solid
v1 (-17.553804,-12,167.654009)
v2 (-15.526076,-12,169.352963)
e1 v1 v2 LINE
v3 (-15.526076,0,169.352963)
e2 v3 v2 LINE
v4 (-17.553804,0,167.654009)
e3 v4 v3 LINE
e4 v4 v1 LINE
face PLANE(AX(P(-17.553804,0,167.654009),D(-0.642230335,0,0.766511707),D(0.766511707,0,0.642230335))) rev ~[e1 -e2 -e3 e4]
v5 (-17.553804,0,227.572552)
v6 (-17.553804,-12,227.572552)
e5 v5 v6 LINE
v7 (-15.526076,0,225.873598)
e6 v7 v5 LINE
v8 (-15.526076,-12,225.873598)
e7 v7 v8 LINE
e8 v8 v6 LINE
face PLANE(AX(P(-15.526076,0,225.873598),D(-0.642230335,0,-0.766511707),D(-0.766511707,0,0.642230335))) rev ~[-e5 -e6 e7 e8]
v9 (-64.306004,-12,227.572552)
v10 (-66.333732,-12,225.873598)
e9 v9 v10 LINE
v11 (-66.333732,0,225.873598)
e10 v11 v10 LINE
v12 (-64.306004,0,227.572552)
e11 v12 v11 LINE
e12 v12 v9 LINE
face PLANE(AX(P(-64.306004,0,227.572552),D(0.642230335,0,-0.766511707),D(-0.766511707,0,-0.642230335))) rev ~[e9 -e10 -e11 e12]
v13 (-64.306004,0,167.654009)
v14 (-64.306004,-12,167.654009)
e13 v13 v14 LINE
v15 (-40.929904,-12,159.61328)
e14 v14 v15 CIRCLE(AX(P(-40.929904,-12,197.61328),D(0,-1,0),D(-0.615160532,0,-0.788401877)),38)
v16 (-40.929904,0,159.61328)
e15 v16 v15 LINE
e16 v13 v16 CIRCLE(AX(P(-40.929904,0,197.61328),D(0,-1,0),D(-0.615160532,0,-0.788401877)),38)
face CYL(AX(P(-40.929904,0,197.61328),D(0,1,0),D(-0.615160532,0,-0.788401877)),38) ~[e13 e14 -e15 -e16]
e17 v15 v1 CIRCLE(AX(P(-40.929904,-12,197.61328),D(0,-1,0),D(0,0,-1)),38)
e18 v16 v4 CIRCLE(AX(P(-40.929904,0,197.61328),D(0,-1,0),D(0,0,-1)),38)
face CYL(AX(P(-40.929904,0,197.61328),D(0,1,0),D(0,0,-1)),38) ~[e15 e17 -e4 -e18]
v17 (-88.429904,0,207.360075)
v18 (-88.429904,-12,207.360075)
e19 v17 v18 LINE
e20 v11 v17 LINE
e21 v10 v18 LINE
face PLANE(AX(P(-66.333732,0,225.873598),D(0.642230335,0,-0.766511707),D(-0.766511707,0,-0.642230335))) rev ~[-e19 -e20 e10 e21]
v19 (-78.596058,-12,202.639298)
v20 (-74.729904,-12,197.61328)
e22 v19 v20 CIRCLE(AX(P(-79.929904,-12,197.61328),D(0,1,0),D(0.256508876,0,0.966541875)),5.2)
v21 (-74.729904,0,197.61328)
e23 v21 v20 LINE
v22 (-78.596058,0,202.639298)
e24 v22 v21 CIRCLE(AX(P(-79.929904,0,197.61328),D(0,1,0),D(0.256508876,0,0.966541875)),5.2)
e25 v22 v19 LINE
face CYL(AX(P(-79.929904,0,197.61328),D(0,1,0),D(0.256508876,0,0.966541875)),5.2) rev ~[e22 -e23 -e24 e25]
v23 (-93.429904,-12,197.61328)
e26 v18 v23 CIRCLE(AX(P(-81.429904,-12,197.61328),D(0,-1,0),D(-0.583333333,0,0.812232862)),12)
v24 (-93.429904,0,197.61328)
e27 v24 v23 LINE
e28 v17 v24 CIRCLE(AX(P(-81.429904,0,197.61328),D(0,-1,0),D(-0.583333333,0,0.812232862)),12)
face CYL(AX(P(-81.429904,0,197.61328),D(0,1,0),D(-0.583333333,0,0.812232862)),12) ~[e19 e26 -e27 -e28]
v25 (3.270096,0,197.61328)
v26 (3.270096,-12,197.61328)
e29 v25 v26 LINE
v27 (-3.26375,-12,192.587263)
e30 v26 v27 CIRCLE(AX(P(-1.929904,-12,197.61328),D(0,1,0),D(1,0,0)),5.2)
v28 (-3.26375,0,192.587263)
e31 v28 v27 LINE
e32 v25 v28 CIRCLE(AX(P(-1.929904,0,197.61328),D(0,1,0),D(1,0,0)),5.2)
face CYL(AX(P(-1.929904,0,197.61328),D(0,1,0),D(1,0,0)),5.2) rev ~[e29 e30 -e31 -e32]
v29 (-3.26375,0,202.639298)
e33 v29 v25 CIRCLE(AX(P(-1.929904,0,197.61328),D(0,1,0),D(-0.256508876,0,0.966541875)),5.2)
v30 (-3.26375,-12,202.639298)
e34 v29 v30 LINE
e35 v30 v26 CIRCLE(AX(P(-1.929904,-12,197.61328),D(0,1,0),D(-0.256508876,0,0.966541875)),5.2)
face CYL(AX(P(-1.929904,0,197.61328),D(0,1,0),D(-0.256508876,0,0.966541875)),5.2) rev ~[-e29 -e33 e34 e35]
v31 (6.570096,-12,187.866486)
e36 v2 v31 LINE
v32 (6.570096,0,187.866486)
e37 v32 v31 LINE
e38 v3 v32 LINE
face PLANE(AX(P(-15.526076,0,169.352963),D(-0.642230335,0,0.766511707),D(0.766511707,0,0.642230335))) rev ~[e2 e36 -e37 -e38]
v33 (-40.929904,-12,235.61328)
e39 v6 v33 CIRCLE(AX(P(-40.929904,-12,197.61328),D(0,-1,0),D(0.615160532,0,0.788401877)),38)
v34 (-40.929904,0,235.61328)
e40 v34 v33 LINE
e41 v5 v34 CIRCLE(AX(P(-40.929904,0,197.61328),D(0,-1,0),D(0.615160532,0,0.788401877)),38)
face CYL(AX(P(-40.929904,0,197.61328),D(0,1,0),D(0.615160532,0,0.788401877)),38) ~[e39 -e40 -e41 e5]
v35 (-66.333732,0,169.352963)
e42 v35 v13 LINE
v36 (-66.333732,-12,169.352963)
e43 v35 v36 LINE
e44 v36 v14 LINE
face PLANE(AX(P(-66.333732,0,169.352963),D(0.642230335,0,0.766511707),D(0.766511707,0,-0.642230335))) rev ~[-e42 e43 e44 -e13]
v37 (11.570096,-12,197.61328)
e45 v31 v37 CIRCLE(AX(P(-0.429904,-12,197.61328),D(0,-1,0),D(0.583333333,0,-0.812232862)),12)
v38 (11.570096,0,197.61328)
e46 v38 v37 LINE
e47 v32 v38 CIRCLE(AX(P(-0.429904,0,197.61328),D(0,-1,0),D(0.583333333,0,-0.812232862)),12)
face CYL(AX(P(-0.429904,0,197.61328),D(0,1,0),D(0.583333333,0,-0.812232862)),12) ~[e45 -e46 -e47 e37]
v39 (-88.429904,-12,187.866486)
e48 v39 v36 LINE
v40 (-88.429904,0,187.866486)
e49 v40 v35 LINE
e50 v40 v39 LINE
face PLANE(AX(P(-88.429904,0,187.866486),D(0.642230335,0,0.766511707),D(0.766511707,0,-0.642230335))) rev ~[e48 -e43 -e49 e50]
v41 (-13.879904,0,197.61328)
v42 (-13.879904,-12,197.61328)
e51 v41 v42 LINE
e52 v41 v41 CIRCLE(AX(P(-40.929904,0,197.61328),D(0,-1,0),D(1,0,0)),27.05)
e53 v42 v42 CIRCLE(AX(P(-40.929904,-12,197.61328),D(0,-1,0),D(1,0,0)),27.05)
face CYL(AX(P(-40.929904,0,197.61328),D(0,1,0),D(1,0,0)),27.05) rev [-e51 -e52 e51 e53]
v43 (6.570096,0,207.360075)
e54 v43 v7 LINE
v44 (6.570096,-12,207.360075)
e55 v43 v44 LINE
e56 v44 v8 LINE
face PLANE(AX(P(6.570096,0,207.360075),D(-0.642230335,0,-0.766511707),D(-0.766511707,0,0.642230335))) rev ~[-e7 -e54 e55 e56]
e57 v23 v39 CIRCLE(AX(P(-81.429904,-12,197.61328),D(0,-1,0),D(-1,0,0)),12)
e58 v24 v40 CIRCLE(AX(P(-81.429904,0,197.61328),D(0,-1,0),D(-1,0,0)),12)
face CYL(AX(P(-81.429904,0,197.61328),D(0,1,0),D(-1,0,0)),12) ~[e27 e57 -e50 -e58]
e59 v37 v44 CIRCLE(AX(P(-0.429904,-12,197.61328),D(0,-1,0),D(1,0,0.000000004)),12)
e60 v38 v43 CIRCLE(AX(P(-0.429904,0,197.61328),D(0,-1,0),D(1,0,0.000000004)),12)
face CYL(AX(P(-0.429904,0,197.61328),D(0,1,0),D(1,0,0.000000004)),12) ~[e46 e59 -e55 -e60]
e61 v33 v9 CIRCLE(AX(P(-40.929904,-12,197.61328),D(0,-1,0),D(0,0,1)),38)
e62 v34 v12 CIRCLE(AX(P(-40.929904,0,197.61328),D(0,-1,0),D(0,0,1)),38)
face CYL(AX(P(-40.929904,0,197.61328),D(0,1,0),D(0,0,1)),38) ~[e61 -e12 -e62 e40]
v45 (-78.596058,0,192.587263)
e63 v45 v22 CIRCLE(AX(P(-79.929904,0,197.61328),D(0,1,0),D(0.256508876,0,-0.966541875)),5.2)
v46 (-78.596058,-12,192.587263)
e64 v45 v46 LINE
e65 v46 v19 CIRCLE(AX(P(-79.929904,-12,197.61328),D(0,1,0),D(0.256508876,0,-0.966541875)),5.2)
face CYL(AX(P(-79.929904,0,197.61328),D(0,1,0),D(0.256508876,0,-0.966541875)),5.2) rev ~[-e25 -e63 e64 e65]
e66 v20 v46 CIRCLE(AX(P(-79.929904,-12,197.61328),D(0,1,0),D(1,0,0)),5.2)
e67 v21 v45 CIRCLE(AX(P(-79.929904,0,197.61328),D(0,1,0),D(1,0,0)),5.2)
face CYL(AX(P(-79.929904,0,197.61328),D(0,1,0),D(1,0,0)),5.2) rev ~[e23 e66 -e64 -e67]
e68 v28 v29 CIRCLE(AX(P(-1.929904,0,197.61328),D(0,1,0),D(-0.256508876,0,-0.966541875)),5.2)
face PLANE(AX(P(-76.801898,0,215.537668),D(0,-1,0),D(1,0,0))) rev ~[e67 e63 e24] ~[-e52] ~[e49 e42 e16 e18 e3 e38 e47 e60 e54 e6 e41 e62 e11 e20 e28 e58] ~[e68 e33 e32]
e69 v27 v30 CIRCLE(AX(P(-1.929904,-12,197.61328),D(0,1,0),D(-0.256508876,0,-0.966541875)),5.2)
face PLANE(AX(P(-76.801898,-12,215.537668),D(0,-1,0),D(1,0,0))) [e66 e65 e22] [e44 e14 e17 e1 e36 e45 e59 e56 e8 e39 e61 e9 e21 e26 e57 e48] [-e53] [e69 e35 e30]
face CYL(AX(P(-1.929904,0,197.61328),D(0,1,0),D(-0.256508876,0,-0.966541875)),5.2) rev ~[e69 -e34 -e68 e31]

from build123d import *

# Parameters (mm, degrees)
F0_R     = 27.05
F1_DEPTH = 12


with BuildPart() as f1:
    # F0 (on Front) → F1 (new body)
    with BuildSketch(Plane.XZ):
        with BuildLine():
            Line((-66.333731852, 225.8735977012), (-88.4299040636, 207.3600747496))
            ThreePointArc((-88.4299040636, 207.3600747496), (-83.0164485889, 209.5079378807), (-77.2292867797, 208.8540461453))
            ThreePointArc((-77.2292867797, 208.8540461453), (-72.9336199483, 218.1013786467), (-66.333731852, 225.8735977012))
        make_face()
        with BuildLine():
            ThreePointArc((-88.4299040636, 207.3600747496), (-92.1069823157, 203.0905059798), (-93.4299040636, 197.6132804047))
            ThreePointArc((-93.4299040636, 197.6132804047), (-92.1069823157, 192.1360548297), (-88.4299040636, 187.8664860599))
            ThreePointArc((-88.4299040636, 187.8664860599), (-83.0164485889, 185.7186229288), (-77.2292867797, 186.3725146642))
            ThreePointArc((-77.2292867797, 186.3725146642), (-78.0429869708, 189.4512293681), (-78.5960579098, 192.5872626533))
            ThreePointArc((-78.5960579098, 192.5872626533), (-85.1299040636, 197.6132804047), (-78.5960579098, 202.6392981562))
            ThreePointArc((-78.5960579098, 202.6392981562), (-78.0429869708, 205.7753314414), (-77.2292867797, 208.8540461453))
            ThreePointArc((-77.2292867797, 208.8540461453), (-83.0164485889, 209.5079378807), (-88.4299040636, 207.3600747496))
        make_face()
        with BuildLine():
            ThreePointArc((-64.3060042971, 167.6540090873), (-53.2900757844, 161.6796449773), (-40.9299040636, 159.6132804047))
            ThreePointArc((-40.9299040636, 159.6132804047), (-28.5697323428, 161.6796449773), (-17.5538038301, 167.6540090873))
            Line((-17.5538038301, 167.6540090873), (-15.5260762752, 169.3529631083))
            ThreePointArc((-15.5260762752, 169.3529631083), (-8.9261881789, 177.1251821628), (-4.6305213476, 186.3725146642))
            ThreePointArc((-4.6305213476, 186.3725146642), (-3.8168211564, 189.4512293681), (-3.2637502175, 192.5872626533))
            ThreePointArc((-3.2637502175, 192.5872626533), (-7.1299040636, 197.6132804047), (-3.2637502175, 202.6392981562))
            ThreePointArc((-3.2637502175, 202.6392981562), (-3.8168211564, 205.7753314414), (-4.6305213476, 208.8540461453))
            ThreePointArc((-4.6305213476, 208.8540461453), (-8.9261881789, 218.1013786467), (-15.5260762752, 225.8735977012))
            Line((-15.5260762752, 225.8735977012), (-17.5538038301, 227.5725517222))
            ThreePointArc((-17.5538038301, 227.5725517222), (-28.5697323428, 233.5469158322), (-40.9299040636, 235.6132804047))
            ThreePointArc((-40.9299040636, 235.6132804047), (-53.2900757844, 233.5469158322), (-64.3060042971, 227.5725517222))
            Line((-64.3060042971, 227.5725517222), (-66.333731852, 225.8735977012))
            ThreePointArc((-66.333731852, 225.8735977012), (-72.9336199483, 218.1013786467), (-77.2292867797, 208.8540461453))
            ThreePointArc((-77.2292867797, 208.8540461453), (-78.0429869708, 205.7753314414), (-78.5960579098, 202.6392981562))
            ThreePointArc((-78.5960579098, 202.6392981562), (-75.8082539087, 200.783769326), (-74.7299040636, 197.6132804047))
            ThreePointArc((-74.7299040636, 197.6132804047), (-75.8082539087, 194.4427914835), (-78.5960579098, 192.5872626533))
            ThreePointArc((-78.5960579098, 192.5872626533), (-78.0429869708, 189.4512293681), (-77.2292867797, 186.3725146642))
            ThreePointArc((-77.2292867797, 186.3725146642), (-72.9336199483, 177.1251821628), (-66.333731852, 169.3529631083))
            Line((-66.333731852, 169.3529631083), (-64.3060042971, 167.6540090873))
        make_face()
        with Locations((-40.9299040636, 197.6132804047)):
            Circle(F0_R, mode=Mode.SUBTRACT)
        with BuildLine():
            ThreePointArc((-77.2292867797, 186.3725146642), (-83.0164485889, 185.7186229288), (-88.4299040636, 187.8664860599))
            Line((-88.4299040636, 187.8664860599), (-66.333731852, 169.3529631083))
            ThreePointArc((-66.333731852, 169.3529631083), (-72.9336199483, 177.1251821628), (-77.2292867797, 186.3725146642))
        make_face()
        with BuildLine():
            ThreePointArc((-4.6305213476, 186.3725146642), (-8.9261881789, 177.1251821628), (-15.5260762752, 169.3529631083))
            Line((-15.5260762752, 169.3529631083), (6.5700959364, 187.8664860599))
            ThreePointArc((6.5700959364, 187.8664860599), (1.1566404616, 185.7186229288), (-4.6305213476, 186.3725146642))
        make_face()
        with BuildLine():
            ThreePointArc((-4.6305213476, 208.8540461453), (1.1566404616, 209.5079378807), (6.5700959364, 207.3600747496))
            Line((6.5700959364, 207.3600747496), (-15.5260762752, 225.8735977012))
            ThreePointArc((-15.5260762752, 225.8735977012), (-8.9261881789, 218.1013786467), (-4.6305213476, 208.8540461453))
        make_face()
        with BuildLine():
            ThreePointArc((6.5700959364, 187.8664860599), (10.2471741992, 192.1360548507), (11.5700959364, 197.613280452))
            ThreePointArc((11.5700959364, 197.613280452), (10.2471741776, 203.0905060008), (6.5700959364, 207.3600747496))
            ThreePointArc((6.5700959364, 207.3600747496), (1.1566404616, 209.5079378807), (-4.6305213476, 208.8540461453))
            ThreePointArc((-4.6305213476, 208.8540461453), (-3.8168211564, 205.7753314414), (-3.2637502175, 202.6392981562))
            ThreePointArc((-3.2637502175, 202.6392981562), (1.2405848577, 201.7349305597), (3.2700959364, 197.6132804047))
            ThreePointArc((3.2700959364, 197.6132804047), (1.2405848577, 193.4916302498), (-3.2637502175, 192.5872626533))
            ThreePointArc((-3.2637502175, 192.5872626533), (-3.8168211564, 189.4512293681), (-4.6305213476, 186.3725146642))
            ThreePointArc((-4.6305213476, 186.3725146642), (1.1566404616, 185.7186229288), (6.5700959364, 187.8664860599))
        make_face()
    extrude(amount=F1_DEPTH)


solid = f1.part
